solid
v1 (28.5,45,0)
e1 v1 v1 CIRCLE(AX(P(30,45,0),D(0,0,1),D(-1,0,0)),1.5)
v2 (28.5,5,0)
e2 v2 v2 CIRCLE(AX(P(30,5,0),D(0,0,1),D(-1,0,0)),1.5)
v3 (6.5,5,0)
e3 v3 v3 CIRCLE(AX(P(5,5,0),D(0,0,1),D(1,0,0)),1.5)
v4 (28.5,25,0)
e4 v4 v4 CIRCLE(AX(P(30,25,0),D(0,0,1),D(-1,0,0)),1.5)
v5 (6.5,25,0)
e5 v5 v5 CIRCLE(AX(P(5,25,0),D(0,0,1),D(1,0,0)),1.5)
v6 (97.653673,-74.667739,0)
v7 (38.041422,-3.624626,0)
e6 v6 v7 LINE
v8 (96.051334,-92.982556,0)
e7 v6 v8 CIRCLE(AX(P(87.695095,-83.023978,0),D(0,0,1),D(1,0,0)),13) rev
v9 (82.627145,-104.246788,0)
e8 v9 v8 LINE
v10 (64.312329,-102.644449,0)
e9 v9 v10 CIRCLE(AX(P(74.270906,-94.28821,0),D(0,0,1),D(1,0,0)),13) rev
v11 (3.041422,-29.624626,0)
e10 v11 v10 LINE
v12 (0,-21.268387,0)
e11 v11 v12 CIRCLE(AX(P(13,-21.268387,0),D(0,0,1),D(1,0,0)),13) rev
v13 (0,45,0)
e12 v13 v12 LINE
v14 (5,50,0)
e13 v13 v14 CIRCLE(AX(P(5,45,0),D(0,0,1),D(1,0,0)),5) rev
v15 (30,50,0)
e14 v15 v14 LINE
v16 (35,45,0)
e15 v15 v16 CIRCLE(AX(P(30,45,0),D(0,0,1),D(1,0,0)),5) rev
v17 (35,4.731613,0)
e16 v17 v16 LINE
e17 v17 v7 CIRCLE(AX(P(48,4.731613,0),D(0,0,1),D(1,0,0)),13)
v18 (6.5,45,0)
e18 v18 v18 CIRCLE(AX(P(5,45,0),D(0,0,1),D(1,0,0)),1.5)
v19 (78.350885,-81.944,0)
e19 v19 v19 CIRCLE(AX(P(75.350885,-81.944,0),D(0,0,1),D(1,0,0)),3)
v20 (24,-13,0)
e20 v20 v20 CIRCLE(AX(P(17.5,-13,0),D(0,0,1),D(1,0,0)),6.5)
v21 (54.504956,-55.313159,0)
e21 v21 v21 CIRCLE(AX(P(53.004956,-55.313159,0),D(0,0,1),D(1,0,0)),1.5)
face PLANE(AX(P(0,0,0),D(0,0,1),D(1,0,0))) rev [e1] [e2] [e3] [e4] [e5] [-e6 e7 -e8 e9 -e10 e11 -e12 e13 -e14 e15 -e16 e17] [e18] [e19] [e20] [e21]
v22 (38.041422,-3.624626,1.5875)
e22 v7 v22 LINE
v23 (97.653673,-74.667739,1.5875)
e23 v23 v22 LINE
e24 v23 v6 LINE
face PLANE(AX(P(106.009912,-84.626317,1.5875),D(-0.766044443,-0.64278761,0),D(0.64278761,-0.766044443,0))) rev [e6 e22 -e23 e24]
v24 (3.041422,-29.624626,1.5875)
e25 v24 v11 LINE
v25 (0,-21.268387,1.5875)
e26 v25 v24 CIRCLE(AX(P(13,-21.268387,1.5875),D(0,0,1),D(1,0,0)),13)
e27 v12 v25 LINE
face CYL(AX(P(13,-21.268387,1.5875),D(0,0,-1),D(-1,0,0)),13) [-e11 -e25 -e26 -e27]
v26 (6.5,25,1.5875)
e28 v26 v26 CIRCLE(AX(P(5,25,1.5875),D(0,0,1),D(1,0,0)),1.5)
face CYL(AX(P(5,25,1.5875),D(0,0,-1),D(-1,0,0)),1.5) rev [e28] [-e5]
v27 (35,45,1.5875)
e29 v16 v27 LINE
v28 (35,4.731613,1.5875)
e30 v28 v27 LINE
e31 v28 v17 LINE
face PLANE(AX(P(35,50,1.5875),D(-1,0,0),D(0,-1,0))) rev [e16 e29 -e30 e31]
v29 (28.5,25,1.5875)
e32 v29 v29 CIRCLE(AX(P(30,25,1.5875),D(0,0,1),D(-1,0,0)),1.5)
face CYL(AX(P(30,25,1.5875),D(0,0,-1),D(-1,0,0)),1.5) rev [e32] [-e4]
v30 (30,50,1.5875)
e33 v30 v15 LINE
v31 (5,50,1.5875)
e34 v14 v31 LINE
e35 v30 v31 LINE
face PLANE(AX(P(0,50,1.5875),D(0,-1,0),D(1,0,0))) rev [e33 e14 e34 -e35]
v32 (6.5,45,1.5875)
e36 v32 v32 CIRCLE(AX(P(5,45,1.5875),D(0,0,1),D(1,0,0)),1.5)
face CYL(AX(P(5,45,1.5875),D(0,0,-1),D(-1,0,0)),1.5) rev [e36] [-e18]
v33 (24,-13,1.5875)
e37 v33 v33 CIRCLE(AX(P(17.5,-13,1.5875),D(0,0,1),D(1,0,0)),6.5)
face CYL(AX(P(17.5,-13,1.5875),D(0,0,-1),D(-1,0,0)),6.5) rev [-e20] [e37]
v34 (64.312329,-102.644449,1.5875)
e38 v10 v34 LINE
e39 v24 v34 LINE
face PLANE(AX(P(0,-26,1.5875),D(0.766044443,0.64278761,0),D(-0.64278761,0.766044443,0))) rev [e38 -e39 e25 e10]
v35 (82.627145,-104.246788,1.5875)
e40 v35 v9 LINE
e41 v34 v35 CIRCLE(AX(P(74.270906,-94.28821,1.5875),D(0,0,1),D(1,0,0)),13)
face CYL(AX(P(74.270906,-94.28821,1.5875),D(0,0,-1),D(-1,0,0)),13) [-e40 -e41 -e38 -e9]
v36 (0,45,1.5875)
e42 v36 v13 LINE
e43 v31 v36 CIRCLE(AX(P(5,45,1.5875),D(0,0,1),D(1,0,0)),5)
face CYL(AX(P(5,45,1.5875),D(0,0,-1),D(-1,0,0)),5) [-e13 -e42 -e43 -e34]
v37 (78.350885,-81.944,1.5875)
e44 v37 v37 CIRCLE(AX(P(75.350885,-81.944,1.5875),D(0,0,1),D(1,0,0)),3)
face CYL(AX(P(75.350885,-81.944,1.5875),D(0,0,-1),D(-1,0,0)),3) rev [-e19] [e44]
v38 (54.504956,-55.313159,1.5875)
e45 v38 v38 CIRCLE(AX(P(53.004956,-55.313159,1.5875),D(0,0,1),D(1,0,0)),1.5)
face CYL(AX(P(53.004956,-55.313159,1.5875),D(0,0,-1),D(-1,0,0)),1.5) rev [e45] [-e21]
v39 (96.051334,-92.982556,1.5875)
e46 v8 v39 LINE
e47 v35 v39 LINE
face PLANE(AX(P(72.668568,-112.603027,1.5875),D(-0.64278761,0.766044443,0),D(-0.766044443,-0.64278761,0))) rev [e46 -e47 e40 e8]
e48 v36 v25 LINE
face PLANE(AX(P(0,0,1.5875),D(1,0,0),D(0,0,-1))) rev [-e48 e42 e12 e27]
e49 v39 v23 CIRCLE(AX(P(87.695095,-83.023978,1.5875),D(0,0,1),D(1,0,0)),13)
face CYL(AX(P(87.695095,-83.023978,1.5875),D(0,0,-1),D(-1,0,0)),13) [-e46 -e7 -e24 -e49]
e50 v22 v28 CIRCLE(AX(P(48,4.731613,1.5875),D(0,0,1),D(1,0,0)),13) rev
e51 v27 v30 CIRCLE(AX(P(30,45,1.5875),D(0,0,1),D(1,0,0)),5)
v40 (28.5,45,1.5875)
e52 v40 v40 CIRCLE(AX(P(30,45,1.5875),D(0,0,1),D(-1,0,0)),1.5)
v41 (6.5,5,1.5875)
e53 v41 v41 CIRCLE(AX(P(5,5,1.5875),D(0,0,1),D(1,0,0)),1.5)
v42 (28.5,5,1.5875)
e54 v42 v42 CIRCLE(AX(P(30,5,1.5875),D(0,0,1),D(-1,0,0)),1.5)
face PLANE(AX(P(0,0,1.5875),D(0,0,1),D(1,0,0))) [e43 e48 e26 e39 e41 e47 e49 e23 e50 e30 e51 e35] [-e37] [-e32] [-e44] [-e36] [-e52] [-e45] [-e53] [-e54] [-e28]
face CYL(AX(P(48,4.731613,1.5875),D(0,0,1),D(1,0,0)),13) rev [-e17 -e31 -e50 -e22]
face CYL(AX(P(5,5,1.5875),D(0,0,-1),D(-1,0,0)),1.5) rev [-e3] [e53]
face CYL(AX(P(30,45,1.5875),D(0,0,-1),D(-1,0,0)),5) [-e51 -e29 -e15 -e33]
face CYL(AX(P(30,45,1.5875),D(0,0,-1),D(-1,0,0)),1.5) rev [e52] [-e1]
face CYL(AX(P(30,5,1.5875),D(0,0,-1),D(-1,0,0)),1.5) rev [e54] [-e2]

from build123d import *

# Parameters (mm, degrees)
SKETCH1_R           = 6.5
SKETCH1_R_2         = 1.5
SKETCH1_R_3         = 3
BOSS_EXTRUDE1_DEPTH = 1.5875
FILLET1_R           = 5
FILLET2_R           = 13


with BuildPart() as part:
    # Sketch1 → Boss-Extrude1 (new body)
    with BuildSketch(Plane.XY):
        Polygon((0, 0), (0, 50), (35, 50), (35, 0), (106.009911505, -84.626317146), (72.668567607, -112.603026514), (0, -26), align=None)
        with Locations((17.5, -13)):
            Circle(SKETCH1_R, mode=Mode.SUBTRACT)
        with Locations((5, 45)):
            Circle(SKETCH1_R_2, mode=Mode.SUBTRACT)
        with Locations((5, 25)):
            Circle(SKETCH1_R_2, mode=Mode.SUBTRACT)
        with Locations((5, 5)):
            Circle(SKETCH1_R_2, mode=Mode.SUBTRACT)
        with Locations(Location((30, 5, 0), (0, 0, 180))):
            Circle(SKETCH1_R_2, mode=Mode.SUBTRACT)
        with Locations(Location((30, 25, 0), (0, 0, 180))):
            Circle(SKETCH1_R_2, mode=Mode.SUBTRACT)
        with Locations(Location((30, 45, 0), (0, 0, 180))):
            Circle(SKETCH1_R_2, mode=Mode.SUBTRACT)
        with Locations((75.350884872, -81.943999881)):
            Circle(SKETCH1_R_3, mode=Mode.SUBTRACT)
        with Locations((53.004955752, -55.313158573)):
            Circle(SKETCH1_R_2, mode=Mode.SUBTRACT)
    extrude(amount=BOSS_EXTRUDE1_DEPTH)

    # Fillet1
    fillet1_edges = [part.edges().sort_by_distance(p)[0] for p in [
        (0, 50, 0.79375),
        (35, 50, 0.79375),
    ]]
    fillet(fillet1_edges, radius=FILLET1_R)

    # Fillet2
    fillet2_edges = [part.edges().sort_by_distance(p)[0] for p in [
        (35, 0, 0.79375),
        (106.009911505, -84.626317146, 0.79375),
        (72.668567607, -112.603026514, 0.79375),
        (0, -26, 0.79375),
    ]]
    fillet(fillet2_edges, radius=FILLET2_R)


solid = part.part
